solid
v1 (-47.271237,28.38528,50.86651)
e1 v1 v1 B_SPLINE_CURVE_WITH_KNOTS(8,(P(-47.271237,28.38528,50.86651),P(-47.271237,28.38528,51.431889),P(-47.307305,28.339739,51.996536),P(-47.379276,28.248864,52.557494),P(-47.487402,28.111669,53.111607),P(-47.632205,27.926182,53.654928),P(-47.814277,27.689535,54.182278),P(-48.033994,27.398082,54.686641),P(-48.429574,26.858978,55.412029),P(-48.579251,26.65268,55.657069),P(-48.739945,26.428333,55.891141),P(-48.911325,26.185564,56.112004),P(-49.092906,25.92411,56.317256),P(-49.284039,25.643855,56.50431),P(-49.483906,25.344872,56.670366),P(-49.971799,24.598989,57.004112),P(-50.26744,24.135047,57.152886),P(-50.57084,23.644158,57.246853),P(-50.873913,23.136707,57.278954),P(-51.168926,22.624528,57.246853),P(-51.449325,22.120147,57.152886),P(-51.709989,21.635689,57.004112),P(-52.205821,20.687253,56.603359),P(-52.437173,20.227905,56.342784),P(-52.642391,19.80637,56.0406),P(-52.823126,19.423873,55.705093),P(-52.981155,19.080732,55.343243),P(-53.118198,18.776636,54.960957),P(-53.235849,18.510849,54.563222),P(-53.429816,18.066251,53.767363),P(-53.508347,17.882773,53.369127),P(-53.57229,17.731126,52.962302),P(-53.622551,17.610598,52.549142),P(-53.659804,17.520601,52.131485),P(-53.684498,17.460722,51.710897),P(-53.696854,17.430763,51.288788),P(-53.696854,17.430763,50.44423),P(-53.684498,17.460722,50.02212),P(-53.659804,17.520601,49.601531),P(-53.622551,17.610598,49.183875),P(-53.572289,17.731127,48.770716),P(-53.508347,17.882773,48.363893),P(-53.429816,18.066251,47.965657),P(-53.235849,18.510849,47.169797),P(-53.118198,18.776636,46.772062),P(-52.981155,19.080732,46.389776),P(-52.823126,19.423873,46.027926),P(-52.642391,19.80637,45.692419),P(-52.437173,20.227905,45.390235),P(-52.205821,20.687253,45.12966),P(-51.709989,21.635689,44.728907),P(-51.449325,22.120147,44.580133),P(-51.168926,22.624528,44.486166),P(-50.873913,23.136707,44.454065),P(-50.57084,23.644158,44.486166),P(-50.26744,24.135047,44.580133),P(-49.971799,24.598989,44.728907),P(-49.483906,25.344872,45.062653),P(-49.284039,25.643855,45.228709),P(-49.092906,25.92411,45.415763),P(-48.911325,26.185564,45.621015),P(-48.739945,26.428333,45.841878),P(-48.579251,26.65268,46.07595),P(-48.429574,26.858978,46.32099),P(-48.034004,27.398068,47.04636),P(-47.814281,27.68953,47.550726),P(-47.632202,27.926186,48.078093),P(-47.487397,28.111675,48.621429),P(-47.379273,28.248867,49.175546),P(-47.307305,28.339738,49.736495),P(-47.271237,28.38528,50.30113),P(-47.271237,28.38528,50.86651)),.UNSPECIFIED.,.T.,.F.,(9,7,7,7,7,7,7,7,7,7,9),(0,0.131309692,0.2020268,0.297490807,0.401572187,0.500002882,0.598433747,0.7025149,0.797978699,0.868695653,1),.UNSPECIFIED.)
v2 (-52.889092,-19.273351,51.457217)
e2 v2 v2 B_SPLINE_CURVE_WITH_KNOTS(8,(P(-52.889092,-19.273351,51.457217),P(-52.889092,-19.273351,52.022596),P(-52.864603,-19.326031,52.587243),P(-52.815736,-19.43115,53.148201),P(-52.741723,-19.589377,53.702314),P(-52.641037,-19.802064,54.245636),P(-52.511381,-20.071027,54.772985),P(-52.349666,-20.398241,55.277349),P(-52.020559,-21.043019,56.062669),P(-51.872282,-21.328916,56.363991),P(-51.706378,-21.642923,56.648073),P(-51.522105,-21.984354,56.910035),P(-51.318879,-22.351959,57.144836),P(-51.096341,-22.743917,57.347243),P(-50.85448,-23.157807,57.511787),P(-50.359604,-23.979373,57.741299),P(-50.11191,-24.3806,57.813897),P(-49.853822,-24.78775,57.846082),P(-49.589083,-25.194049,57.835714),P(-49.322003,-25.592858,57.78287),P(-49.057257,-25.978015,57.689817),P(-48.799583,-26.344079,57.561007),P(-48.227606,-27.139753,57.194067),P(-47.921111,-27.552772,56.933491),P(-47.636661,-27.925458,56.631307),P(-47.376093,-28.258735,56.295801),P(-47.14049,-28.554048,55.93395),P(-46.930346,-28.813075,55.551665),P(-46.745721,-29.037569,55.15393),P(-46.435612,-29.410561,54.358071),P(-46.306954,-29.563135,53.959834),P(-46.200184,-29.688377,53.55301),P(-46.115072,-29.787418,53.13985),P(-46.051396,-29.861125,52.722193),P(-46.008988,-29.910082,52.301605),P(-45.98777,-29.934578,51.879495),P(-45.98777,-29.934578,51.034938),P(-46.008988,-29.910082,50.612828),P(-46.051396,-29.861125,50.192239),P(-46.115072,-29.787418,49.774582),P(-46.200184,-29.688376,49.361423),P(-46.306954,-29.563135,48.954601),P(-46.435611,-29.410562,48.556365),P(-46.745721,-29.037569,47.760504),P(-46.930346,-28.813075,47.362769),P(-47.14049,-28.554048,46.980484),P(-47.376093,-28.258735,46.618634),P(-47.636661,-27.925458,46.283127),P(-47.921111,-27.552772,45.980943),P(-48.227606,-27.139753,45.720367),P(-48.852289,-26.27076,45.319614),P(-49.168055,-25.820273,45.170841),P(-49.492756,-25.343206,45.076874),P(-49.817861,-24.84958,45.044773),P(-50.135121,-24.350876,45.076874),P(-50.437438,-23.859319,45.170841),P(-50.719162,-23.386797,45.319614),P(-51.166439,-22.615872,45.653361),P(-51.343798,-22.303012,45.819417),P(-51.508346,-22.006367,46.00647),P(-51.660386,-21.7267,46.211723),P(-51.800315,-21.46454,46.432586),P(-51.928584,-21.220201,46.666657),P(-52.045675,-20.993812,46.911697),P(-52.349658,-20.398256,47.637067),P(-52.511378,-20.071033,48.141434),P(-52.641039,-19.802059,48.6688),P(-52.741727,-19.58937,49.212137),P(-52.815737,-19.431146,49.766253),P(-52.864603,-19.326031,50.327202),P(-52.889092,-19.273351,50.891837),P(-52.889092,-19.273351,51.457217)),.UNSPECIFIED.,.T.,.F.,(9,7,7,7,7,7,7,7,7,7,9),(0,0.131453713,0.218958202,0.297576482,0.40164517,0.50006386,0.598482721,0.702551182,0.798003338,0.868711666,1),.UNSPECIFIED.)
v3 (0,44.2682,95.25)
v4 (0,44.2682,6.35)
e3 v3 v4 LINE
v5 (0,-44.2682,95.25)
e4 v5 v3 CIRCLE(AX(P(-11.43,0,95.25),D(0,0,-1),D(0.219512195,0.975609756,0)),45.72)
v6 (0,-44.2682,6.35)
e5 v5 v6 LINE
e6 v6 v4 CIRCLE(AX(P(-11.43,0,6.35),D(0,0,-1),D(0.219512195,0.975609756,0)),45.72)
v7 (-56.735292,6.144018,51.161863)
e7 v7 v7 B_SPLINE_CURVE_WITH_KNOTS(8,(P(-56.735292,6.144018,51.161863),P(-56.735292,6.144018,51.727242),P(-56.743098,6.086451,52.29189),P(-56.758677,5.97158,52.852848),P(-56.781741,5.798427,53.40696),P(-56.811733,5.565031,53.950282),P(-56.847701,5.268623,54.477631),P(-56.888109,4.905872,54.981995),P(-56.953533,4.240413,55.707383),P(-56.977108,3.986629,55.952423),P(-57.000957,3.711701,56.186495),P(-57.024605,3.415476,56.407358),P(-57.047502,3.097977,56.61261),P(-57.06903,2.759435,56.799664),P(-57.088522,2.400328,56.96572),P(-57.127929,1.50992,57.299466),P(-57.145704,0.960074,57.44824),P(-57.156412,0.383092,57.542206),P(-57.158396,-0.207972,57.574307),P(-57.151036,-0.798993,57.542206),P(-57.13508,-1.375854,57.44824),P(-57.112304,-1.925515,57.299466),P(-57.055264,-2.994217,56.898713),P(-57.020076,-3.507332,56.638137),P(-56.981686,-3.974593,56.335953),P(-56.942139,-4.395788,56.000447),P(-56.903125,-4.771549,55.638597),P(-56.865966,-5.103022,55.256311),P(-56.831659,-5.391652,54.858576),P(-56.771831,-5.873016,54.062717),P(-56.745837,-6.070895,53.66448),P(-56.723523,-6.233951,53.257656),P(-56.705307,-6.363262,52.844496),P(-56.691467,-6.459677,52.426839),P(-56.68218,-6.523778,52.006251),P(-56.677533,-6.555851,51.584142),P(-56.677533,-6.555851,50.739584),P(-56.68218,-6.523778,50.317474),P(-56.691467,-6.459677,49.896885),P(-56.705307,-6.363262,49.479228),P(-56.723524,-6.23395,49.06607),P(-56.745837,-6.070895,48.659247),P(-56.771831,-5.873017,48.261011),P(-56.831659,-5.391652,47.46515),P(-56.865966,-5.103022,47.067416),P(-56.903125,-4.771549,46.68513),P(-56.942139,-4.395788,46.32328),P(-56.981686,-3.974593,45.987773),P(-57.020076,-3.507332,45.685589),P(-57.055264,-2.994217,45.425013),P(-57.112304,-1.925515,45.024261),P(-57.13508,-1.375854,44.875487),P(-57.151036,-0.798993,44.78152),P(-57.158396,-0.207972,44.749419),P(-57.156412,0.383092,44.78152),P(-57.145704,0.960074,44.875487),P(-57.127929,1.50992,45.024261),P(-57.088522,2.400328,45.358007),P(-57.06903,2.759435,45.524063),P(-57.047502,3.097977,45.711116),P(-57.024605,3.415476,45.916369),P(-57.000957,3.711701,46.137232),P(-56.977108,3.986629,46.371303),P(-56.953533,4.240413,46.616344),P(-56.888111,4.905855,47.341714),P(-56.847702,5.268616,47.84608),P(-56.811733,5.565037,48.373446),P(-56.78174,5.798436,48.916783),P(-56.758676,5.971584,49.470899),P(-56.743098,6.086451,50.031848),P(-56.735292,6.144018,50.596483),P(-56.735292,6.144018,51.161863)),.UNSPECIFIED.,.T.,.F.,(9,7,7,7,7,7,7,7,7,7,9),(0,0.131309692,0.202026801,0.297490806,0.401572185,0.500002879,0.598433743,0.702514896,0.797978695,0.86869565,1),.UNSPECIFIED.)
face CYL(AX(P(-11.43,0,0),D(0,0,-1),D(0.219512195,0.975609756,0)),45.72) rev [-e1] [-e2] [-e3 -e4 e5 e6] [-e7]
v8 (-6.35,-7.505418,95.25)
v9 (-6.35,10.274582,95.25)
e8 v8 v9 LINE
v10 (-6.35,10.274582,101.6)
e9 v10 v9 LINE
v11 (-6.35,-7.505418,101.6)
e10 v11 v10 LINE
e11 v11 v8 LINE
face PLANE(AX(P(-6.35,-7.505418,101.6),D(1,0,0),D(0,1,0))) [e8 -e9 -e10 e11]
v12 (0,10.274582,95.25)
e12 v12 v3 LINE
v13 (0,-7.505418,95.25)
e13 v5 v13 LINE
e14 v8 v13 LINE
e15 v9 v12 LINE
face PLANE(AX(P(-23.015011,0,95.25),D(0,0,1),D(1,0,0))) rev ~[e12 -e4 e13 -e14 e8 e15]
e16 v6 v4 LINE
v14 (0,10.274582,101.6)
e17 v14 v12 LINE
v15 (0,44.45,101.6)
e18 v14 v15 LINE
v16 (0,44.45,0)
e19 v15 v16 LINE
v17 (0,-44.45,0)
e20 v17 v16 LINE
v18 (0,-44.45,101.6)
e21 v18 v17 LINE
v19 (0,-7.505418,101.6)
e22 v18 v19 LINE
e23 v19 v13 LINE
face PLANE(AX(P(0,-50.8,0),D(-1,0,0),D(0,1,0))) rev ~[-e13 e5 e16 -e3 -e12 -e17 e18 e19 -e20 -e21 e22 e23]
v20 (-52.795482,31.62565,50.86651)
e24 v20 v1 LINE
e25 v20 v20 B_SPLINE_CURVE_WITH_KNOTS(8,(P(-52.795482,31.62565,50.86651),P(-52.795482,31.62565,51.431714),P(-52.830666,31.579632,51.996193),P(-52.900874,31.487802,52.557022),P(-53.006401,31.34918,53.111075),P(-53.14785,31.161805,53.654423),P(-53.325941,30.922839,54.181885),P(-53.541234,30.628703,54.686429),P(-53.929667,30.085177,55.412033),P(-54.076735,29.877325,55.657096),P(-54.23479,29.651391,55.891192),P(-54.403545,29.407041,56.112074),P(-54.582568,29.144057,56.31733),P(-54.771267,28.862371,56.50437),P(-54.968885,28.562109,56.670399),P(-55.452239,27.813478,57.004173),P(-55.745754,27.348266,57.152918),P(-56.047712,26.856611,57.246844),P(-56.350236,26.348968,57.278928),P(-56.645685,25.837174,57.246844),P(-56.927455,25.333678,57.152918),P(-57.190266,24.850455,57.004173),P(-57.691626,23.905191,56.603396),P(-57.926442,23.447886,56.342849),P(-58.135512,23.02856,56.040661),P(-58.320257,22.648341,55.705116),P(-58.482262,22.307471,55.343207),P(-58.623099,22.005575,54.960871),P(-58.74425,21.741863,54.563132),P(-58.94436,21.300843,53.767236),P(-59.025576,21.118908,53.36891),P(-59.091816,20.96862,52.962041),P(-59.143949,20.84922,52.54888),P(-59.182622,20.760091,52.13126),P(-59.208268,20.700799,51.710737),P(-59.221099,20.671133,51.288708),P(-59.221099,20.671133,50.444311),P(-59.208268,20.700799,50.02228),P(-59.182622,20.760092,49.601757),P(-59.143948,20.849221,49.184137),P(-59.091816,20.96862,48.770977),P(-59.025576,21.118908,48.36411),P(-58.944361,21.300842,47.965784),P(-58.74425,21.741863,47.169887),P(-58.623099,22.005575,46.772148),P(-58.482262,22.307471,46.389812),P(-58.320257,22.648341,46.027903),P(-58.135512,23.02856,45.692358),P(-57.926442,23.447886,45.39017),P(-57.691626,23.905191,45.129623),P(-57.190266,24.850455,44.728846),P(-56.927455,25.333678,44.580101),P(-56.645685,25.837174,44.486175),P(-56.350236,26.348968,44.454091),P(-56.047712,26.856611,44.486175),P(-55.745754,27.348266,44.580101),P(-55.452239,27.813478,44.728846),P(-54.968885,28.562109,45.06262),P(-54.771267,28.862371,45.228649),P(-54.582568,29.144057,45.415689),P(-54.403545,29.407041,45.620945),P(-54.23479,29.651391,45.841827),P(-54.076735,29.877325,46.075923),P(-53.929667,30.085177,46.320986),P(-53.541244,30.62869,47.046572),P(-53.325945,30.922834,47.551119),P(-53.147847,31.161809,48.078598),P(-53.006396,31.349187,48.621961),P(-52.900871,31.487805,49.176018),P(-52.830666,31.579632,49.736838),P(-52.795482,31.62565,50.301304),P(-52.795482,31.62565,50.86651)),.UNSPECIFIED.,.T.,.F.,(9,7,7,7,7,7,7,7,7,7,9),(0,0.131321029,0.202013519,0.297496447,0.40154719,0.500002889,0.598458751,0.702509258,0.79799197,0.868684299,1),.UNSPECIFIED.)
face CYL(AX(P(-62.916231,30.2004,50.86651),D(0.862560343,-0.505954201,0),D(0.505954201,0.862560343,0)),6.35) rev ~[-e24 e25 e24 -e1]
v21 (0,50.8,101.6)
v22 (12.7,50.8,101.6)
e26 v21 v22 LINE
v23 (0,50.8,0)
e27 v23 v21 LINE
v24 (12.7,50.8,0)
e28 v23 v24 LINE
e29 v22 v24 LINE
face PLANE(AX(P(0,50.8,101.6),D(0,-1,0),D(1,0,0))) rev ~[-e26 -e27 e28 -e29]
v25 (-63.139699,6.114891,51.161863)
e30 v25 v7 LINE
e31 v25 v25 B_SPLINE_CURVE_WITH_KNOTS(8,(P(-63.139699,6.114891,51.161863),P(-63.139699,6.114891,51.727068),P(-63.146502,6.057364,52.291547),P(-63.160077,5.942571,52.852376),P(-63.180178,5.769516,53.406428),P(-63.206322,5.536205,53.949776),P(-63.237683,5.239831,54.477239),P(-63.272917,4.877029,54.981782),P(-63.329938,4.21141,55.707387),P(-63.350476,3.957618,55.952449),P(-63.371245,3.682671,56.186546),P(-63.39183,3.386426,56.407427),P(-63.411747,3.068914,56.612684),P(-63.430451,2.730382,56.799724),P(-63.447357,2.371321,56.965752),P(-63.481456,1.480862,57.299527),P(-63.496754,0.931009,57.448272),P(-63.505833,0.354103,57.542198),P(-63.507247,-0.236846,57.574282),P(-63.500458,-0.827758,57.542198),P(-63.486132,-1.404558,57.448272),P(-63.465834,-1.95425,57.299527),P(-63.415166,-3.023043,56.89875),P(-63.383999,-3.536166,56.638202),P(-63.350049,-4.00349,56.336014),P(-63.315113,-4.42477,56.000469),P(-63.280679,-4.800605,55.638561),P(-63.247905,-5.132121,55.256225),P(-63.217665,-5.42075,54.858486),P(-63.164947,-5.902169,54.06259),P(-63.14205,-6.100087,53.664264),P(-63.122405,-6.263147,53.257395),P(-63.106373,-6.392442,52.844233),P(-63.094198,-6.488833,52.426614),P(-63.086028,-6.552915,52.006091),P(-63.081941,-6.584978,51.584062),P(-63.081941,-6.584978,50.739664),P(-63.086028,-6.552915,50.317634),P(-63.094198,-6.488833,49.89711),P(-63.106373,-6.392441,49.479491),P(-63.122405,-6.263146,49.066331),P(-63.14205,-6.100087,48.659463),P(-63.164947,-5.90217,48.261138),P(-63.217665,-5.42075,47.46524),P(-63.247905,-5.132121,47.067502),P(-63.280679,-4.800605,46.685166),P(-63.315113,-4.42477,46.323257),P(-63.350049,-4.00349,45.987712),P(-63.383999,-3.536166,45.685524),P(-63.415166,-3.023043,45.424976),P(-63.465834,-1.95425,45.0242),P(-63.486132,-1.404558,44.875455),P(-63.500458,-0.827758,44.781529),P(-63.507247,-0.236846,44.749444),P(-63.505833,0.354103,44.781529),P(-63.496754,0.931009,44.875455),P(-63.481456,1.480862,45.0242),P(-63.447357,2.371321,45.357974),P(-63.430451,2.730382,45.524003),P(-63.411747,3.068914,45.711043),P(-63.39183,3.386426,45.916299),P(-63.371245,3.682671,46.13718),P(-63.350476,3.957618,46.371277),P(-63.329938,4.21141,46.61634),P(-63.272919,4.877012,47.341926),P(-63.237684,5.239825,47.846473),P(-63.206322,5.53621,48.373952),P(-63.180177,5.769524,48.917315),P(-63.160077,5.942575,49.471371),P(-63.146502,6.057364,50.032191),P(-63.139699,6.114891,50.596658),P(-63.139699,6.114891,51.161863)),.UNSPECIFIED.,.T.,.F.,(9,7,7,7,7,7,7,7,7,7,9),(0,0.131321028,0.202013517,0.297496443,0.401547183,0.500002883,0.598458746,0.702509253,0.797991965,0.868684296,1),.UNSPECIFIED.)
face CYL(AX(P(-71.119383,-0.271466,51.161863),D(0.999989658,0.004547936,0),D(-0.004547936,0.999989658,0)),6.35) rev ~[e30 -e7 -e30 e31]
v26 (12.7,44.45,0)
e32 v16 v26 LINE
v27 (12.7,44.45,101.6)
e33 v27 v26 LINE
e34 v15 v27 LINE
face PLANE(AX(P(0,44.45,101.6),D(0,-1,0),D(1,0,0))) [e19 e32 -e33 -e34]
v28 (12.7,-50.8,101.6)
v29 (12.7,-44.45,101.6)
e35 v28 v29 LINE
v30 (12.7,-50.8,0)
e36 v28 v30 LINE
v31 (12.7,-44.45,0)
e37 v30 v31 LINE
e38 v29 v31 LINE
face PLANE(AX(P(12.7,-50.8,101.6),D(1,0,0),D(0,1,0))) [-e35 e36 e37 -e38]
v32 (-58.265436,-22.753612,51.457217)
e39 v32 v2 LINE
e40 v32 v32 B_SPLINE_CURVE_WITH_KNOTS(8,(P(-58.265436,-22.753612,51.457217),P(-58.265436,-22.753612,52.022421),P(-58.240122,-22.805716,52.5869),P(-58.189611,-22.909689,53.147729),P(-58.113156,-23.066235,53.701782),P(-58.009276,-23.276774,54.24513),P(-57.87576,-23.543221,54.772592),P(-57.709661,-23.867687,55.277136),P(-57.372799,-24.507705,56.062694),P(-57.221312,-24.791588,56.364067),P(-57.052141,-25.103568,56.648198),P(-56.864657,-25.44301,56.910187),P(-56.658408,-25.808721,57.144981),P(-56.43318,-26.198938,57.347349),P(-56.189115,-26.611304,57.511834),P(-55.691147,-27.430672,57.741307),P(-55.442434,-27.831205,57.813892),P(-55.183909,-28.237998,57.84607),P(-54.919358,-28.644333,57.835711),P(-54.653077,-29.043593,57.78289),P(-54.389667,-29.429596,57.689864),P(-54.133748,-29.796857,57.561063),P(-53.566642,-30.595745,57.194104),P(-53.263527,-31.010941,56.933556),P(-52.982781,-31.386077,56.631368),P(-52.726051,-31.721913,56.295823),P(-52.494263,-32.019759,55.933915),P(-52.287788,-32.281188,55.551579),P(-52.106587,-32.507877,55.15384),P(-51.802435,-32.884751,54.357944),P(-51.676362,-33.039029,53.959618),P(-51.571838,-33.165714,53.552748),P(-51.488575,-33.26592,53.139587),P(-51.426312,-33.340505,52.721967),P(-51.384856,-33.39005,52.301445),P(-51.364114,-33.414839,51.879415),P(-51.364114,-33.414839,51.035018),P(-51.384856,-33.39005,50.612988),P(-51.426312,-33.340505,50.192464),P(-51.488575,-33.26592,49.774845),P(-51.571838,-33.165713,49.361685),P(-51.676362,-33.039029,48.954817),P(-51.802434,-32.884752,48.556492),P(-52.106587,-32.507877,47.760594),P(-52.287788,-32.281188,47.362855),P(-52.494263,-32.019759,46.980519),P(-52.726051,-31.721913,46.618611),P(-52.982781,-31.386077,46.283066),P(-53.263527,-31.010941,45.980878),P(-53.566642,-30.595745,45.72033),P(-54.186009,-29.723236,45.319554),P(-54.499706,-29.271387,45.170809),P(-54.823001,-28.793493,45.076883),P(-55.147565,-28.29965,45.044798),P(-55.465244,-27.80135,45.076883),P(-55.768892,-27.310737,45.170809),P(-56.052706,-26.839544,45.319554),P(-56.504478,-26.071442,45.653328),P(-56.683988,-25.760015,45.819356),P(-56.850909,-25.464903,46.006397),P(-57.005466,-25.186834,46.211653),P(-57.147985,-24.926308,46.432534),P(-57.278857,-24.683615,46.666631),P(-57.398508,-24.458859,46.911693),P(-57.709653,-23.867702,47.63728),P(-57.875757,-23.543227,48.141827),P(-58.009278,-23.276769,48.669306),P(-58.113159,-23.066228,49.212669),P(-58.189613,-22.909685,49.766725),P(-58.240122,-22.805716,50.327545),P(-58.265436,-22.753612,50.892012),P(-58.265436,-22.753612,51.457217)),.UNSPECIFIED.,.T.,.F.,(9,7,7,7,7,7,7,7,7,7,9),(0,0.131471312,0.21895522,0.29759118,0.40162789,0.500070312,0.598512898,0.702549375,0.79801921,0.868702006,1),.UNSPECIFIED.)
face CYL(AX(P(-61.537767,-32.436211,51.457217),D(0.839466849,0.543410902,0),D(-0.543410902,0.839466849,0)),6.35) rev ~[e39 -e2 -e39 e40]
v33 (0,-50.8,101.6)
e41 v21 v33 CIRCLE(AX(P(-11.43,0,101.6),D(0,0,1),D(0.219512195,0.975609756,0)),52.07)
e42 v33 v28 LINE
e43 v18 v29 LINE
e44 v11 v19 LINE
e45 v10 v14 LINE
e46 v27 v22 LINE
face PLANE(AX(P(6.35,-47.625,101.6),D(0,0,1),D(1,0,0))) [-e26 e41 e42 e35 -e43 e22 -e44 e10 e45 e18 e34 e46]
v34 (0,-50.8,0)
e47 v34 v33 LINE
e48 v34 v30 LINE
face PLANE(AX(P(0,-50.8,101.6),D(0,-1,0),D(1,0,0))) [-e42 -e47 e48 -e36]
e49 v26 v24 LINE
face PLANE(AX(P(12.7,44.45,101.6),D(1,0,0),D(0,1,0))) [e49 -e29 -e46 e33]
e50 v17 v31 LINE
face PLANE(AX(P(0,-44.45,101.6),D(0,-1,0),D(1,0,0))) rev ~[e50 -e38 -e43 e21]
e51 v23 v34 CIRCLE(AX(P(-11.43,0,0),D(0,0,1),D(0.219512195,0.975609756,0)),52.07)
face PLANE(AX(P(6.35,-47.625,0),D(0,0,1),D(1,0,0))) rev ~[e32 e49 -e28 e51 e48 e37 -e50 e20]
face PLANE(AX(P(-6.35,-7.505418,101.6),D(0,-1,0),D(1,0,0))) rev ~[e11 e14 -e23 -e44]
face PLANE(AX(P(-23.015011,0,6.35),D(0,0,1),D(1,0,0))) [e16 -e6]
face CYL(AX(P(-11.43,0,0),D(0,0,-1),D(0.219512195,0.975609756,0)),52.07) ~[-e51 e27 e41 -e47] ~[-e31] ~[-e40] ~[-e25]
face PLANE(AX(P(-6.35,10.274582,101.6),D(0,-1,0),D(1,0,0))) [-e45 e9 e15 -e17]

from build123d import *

# Parameters (mm, degrees)
BOSS_EXTRUDE1_DEPTH                      = 101.6
SHELL1_T                                 = -6.35
SKETCH3_W                                = 6.35
SKETCH3_H                                = 17.78
CUT_EXTRUDE1_DEPTH                       = 6.35
SKETCH4_W                                = 12.7
SKETCH4_H                                = 6.35
BOSS_EXTRUDE2_DEPTH                      = 101.6
SKETCH6_W                                = 12.7
SKETCH6_H                                = 6.35
BOSS_EXTRUDE3_DEPTH                      = 101.6
F_1_2_0_5_DIAMETER_HOLE1_D               = 12.7
F_1_2_0_5_DIAMETER_HOLE1_DEPTH           = 7.62
F_1_2_0_5_DIAMETER_HOLE1_TIP             = 3.815464931
F_1_2_0_5_DIAMETER_HOLE1_ON_FACE_2_D     = 12.7
F_1_2_0_5_DIAMETER_HOLE1_ON_FACE_2_DEPTH = 7.62
F_1_2_0_5_DIAMETER_HOLE1_ON_FACE_2_TIP   = 3.815464931
F_1_2_0_5_DIAMETER_HOLE1_ON_FACE_3_D     = 12.7
F_1_2_0_5_DIAMETER_HOLE1_ON_FACE_3_DEPTH = 7.62
F_1_2_0_5_DIAMETER_HOLE1_ON_FACE_3_TIP   = 3.815464931


with BuildPart() as part:
    # Sketch2 → Boss-Extrude1 (new body)
    with BuildSketch(Plane.XY):
        with BuildLine():
            Line((0, -50.8), (0, 0))
            Line((0, 0), (0, 50.8))
            ThreePointArc((0, 50.8), (-63.5, 0), (0, -50.8))
        make_face()
    extrude(amount=BOSS_EXTRUDE1_DEPTH)

    # Shell1
    shell1_openings = [part.faces().sort_by_distance(p)[0] for p in [
        (0, 0, 50.8),
    ]]
    offset(amount=SHELL1_T, openings=shell1_openings)

    # Sketch3 → Cut-Extrude1 (cut)
    with BuildSketch(Plane.XY.offset(101.6)):
        with Locations((-3.175, 1.38458233)):
            Rectangle(SKETCH3_W, SKETCH3_H)
    extrude(amount=-CUT_EXTRUDE1_DEPTH, mode=Mode.SUBTRACT)

    # Sketch4 → Boss-Extrude2 (add)
    with BuildSketch(Plane.XY.offset(101.6)):
        with Locations((6.35, 47.625)):
            Rectangle(SKETCH4_W, SKETCH4_H)
    extrude(amount=-BOSS_EXTRUDE2_DEPTH)

    # Sketch6 → Boss-Extrude3 (add)
    with BuildSketch(Plane.XY.offset(101.6)):
        with Locations((6.35, -47.625)):
            Rectangle(SKETCH6_W, SKETCH6_H)
    extrude(amount=-BOSS_EXTRUDE3_DEPTH)

    # 1/2 (0.5) Diameter Hole1
    with Locations(Plane(origin=(-63.499461497, -0.236811011, 51.161863275), x_dir=(0.004547935689, -0.999989658087, 0), z_dir=(-0.999989658087, -0.004547935689, 0))):
        with Locations((0, 0)):
            Hole(F_1_2_0_5_DIAMETER_HOLE1_D / 2, depth=F_1_2_0_5_DIAMETER_HOLE1_DEPTH)
            with Locations((0, 0, -(F_1_2_0_5_DIAMETER_HOLE1_DEPTH + F_1_2_0_5_DIAMETER_HOLE1_TIP / 2))):  # 118° drill point
                Cone(0, F_1_2_0_5_DIAMETER_HOLE1_D / 2, F_1_2_0_5_DIAMETER_HOLE1_TIP, mode=Mode.SUBTRACT)

    # 1/2 (0.5) Diameter Hole1 on face 2
    with Locations(Plane(origin=(-55.14102988, -28.295419537, 51.457217049), x_dir=(0.543410902455, -0.839466849312, 0), z_dir=(-0.839466849312, -0.543410902455, 0))):
        with Locations((0, 0)):
            Hole(F_1_2_0_5_DIAMETER_HOLE1_ON_FACE_2_D / 2, depth=F_1_2_0_5_DIAMETER_HOLE1_ON_FACE_2_DEPTH)
            with Locations((0, 0, -(F_1_2_0_5_DIAMETER_HOLE1_ON_FACE_2_DEPTH + F_1_2_0_5_DIAMETER_HOLE1_ON_FACE_2_TIP / 2))):  # 118° drill point
                Cone(0, F_1_2_0_5_DIAMETER_HOLE1_ON_FACE_2_D / 2, F_1_2_0_5_DIAMETER_HOLE1_ON_FACE_2_TIP, mode=Mode.SUBTRACT)

    # 1/2 (0.5) Diameter Hole1 on face 3
    with Locations(Plane(origin=(-56.343520967, 26.345028645, 50.866509501), x_dir=(-0.505954201442, -0.862560343422, 0), z_dir=(-0.862560343422, 0.505954201442, 0))):
        with Locations((0, 0)):
            Hole(F_1_2_0_5_DIAMETER_HOLE1_ON_FACE_3_D / 2, depth=F_1_2_0_5_DIAMETER_HOLE1_ON_FACE_3_DEPTH)
            with Locations((0, 0, -(F_1_2_0_5_DIAMETER_HOLE1_ON_FACE_3_DEPTH + F_1_2_0_5_DIAMETER_HOLE1_ON_FACE_3_TIP / 2))):  # 118° drill point
                Cone(0, F_1_2_0_5_DIAMETER_HOLE1_ON_FACE_3_D / 2, F_1_2_0_5_DIAMETER_HOLE1_ON_FACE_3_TIP, mode=Mode.SUBTRACT)


solid = part.part
